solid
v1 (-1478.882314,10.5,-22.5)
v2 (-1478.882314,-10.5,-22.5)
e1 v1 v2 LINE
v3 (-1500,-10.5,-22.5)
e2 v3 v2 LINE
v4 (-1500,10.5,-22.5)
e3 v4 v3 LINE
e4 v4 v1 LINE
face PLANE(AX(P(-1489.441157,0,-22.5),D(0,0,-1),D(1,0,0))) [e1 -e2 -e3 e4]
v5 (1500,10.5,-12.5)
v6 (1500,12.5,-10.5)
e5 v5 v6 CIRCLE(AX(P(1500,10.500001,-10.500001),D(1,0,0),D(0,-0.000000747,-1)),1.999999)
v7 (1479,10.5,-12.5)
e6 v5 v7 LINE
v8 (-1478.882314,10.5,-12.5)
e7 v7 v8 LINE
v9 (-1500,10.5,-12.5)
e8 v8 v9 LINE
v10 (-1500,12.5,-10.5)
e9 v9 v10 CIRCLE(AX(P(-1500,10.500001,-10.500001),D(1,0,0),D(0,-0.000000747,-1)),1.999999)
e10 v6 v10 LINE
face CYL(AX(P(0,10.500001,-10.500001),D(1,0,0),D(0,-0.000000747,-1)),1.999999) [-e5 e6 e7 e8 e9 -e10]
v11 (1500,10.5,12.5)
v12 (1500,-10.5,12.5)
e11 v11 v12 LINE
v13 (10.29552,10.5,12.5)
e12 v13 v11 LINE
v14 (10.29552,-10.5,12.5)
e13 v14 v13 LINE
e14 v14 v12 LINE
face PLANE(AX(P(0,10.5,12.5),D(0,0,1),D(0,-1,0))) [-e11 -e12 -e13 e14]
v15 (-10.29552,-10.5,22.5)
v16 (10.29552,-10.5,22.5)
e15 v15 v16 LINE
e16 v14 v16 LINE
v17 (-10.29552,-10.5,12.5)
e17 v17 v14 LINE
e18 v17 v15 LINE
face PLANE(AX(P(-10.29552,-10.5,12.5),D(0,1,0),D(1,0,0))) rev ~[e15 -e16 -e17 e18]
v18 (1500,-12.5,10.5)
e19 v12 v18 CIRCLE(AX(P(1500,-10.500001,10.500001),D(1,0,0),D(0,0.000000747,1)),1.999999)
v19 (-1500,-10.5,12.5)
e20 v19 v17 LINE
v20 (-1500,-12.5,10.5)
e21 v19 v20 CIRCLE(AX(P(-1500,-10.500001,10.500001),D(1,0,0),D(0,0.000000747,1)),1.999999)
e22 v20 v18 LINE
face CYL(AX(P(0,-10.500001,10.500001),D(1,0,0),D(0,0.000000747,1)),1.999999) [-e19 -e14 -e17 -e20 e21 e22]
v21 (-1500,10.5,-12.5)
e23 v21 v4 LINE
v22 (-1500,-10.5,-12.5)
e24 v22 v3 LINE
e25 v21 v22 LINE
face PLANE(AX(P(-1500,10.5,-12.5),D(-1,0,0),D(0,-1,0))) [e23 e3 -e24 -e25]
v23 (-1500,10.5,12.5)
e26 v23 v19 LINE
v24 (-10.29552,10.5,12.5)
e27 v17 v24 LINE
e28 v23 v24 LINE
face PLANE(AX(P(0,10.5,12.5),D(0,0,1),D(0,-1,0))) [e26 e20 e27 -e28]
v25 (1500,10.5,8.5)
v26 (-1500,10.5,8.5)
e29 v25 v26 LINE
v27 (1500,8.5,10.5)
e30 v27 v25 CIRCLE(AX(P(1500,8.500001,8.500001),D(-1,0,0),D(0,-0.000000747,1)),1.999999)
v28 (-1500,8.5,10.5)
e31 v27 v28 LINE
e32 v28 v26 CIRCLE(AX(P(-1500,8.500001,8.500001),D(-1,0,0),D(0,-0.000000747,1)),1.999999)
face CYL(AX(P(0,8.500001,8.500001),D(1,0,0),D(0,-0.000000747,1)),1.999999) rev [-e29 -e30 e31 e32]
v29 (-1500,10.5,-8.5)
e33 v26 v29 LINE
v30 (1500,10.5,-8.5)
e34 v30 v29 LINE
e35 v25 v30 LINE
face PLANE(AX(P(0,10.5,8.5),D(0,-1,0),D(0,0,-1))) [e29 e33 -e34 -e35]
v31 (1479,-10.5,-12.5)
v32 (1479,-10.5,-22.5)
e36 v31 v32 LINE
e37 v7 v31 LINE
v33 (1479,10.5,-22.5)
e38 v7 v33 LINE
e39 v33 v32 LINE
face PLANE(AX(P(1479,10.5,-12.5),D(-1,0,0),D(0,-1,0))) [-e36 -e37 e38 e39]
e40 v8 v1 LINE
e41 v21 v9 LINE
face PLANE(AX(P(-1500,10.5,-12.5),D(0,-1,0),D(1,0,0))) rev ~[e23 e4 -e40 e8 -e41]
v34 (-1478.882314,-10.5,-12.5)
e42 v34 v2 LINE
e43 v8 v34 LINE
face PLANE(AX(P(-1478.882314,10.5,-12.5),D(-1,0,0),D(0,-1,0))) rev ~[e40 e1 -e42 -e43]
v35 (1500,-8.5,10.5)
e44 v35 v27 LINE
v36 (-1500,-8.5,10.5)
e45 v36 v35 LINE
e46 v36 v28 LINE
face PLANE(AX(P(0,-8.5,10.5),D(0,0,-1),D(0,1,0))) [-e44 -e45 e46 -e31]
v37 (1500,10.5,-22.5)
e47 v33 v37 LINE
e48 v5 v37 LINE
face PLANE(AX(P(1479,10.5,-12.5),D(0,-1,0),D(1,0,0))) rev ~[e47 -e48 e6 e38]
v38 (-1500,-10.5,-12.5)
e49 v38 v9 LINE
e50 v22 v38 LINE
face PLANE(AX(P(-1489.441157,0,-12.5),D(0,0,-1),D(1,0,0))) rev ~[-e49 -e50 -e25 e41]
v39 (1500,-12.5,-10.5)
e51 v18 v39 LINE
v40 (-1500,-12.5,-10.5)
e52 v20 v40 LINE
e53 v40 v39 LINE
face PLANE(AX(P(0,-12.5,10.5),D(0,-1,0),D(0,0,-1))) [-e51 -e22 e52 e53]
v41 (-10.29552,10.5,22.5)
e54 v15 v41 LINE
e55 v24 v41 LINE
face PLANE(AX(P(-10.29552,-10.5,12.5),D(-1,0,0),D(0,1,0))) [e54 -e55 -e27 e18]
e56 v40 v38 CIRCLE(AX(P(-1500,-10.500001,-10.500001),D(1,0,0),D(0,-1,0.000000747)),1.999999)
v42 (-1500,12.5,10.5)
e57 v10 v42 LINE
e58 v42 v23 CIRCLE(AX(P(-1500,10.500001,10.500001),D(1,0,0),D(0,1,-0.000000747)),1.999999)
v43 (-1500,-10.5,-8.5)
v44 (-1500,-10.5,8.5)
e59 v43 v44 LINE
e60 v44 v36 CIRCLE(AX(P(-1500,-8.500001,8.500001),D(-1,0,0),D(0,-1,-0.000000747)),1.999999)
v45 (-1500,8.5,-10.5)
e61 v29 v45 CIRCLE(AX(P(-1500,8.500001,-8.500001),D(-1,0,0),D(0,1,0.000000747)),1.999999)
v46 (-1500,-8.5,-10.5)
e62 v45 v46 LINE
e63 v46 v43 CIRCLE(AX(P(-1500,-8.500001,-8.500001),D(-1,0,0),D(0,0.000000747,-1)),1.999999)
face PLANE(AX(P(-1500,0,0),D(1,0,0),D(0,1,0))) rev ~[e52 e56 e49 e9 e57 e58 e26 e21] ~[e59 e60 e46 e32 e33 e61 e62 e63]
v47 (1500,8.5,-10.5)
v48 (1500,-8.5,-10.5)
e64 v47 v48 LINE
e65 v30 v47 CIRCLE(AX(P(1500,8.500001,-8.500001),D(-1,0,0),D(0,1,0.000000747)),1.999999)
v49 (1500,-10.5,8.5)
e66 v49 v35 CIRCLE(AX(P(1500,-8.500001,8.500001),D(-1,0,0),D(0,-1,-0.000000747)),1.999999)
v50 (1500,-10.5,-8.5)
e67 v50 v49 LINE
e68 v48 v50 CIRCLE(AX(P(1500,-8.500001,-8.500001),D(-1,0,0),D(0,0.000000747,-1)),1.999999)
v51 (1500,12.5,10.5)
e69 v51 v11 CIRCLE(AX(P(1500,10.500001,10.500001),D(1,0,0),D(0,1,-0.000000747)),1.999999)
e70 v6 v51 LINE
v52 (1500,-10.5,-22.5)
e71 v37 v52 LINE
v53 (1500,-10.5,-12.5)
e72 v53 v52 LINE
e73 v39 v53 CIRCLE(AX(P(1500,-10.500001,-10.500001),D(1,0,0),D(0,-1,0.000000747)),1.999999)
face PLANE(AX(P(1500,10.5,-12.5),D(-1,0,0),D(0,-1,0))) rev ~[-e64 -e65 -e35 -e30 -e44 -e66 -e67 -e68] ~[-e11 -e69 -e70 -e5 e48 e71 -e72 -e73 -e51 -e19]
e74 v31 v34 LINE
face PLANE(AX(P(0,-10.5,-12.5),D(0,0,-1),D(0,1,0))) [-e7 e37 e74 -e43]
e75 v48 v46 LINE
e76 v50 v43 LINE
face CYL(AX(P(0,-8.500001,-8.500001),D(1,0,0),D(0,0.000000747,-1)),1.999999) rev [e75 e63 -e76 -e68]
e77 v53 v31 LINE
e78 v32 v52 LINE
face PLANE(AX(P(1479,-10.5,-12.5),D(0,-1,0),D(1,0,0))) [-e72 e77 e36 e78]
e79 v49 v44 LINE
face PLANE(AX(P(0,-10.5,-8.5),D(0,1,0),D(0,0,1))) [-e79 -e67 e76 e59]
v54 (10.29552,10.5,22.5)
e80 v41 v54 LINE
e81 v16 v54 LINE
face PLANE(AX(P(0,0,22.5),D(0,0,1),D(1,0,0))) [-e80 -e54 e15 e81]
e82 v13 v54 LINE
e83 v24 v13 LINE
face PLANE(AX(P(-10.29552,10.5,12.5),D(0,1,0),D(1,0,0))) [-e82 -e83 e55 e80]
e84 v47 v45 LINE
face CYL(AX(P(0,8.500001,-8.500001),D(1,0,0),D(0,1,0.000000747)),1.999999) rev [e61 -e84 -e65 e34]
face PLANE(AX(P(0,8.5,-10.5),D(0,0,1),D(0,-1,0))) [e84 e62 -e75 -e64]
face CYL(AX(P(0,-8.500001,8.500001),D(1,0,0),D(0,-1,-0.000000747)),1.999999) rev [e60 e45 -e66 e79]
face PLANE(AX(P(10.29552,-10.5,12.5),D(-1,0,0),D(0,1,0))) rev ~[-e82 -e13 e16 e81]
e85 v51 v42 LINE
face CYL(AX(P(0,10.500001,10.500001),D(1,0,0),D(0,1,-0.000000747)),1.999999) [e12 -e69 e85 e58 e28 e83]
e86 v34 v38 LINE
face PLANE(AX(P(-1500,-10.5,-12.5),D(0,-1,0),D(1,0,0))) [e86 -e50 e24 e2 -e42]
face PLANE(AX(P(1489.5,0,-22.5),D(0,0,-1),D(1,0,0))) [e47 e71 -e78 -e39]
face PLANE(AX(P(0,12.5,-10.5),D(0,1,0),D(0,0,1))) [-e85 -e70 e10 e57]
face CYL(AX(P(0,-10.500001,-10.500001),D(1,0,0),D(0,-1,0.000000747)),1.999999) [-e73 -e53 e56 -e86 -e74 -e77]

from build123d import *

# Parameters (mm, degrees)
F1_DEPTH = 1500
F2_W     = 21.117687
F2_H     = 21
F3_DEPTH = 10
F2_W_2   = 21
F4_DEPTH = 10
F5_W     = 20.59104
F5_H     = 21
F6_DEPTH = 10


with BuildPart() as f1:
    # F0 (on Right) → F1 (new body, symmetric)
    with BuildSketch(Plane.YZ):
        with BuildLine():
            ThreePointArc((12.5, 10.5), (11.914214, 11.914214), (10.5, 12.5))
            Line((10.5, 12.5), (-10.5, 12.5))
            ThreePointArc((-10.5, 12.5), (-11.914214, 11.914214), (-12.5, 10.5))
            Line((-12.5, 10.5), (-12.5, -10.5))
            ThreePointArc((-12.5, -10.5), (-11.914214, -11.914214), (-10.5, -12.5))
            Line((-10.5, -12.5), (10.5, -12.5))
            ThreePointArc((10.5, -12.5), (11.914214, -11.914214), (12.5, -10.5))
            Line((12.5, -10.5), (12.5, 10.5))
        make_face()
        with BuildLine():
            Line((-8.5, 10.5), (8.5, 10.5))
            ThreePointArc((8.5, 10.5), (9.914214, 9.914214), (10.5, 8.5))
            Line((10.5, 8.5), (10.5, -8.5))
            ThreePointArc((10.5, -8.5), (9.914214, -9.914214), (8.5, -10.5))
            Line((8.5, -10.5), (-8.5, -10.5))
            ThreePointArc((-8.5, -10.5), (-9.914214, -9.914214), (-10.5, -8.5))
            Line((-10.5, -8.5), (-10.5, 8.5))
            ThreePointArc((-10.5, 8.5), (-9.914214, 9.914214), (-8.5, 10.5))
        make_face(mode=Mode.SUBTRACT)
    extrude(amount=F1_DEPTH, both=True)

    # F2 (on face) → F3 (join)
    with BuildSketch(Plane(origin=(0, 0, -12.5), x_dir=(1, 0, 0), z_dir=(0, 0, -1))):
        with Locations((-1489.441157, 0)):
            Rectangle(F2_W, F2_H)
    extrude(amount=F3_DEPTH)

    # F2 (on face) → F4 (join)
    with BuildSketch(Plane(origin=(0, 0, -12.5), x_dir=(1, 0, 0), z_dir=(0, 0, -1))):
        with Locations((1489.5, 0)):
            Rectangle(F2_W_2, F2_H)
        with Locations((-1489.441157, 0)):
            Rectangle(F2_W, F2_H)
    extrude(amount=F4_DEPTH)

    # F5 (on face) → F6 (join)
    with BuildSketch(Plane.XY.offset(12.5)):
        Rectangle(F5_W, F5_H)
    extrude(amount=F6_DEPTH)


solid = f1.part
